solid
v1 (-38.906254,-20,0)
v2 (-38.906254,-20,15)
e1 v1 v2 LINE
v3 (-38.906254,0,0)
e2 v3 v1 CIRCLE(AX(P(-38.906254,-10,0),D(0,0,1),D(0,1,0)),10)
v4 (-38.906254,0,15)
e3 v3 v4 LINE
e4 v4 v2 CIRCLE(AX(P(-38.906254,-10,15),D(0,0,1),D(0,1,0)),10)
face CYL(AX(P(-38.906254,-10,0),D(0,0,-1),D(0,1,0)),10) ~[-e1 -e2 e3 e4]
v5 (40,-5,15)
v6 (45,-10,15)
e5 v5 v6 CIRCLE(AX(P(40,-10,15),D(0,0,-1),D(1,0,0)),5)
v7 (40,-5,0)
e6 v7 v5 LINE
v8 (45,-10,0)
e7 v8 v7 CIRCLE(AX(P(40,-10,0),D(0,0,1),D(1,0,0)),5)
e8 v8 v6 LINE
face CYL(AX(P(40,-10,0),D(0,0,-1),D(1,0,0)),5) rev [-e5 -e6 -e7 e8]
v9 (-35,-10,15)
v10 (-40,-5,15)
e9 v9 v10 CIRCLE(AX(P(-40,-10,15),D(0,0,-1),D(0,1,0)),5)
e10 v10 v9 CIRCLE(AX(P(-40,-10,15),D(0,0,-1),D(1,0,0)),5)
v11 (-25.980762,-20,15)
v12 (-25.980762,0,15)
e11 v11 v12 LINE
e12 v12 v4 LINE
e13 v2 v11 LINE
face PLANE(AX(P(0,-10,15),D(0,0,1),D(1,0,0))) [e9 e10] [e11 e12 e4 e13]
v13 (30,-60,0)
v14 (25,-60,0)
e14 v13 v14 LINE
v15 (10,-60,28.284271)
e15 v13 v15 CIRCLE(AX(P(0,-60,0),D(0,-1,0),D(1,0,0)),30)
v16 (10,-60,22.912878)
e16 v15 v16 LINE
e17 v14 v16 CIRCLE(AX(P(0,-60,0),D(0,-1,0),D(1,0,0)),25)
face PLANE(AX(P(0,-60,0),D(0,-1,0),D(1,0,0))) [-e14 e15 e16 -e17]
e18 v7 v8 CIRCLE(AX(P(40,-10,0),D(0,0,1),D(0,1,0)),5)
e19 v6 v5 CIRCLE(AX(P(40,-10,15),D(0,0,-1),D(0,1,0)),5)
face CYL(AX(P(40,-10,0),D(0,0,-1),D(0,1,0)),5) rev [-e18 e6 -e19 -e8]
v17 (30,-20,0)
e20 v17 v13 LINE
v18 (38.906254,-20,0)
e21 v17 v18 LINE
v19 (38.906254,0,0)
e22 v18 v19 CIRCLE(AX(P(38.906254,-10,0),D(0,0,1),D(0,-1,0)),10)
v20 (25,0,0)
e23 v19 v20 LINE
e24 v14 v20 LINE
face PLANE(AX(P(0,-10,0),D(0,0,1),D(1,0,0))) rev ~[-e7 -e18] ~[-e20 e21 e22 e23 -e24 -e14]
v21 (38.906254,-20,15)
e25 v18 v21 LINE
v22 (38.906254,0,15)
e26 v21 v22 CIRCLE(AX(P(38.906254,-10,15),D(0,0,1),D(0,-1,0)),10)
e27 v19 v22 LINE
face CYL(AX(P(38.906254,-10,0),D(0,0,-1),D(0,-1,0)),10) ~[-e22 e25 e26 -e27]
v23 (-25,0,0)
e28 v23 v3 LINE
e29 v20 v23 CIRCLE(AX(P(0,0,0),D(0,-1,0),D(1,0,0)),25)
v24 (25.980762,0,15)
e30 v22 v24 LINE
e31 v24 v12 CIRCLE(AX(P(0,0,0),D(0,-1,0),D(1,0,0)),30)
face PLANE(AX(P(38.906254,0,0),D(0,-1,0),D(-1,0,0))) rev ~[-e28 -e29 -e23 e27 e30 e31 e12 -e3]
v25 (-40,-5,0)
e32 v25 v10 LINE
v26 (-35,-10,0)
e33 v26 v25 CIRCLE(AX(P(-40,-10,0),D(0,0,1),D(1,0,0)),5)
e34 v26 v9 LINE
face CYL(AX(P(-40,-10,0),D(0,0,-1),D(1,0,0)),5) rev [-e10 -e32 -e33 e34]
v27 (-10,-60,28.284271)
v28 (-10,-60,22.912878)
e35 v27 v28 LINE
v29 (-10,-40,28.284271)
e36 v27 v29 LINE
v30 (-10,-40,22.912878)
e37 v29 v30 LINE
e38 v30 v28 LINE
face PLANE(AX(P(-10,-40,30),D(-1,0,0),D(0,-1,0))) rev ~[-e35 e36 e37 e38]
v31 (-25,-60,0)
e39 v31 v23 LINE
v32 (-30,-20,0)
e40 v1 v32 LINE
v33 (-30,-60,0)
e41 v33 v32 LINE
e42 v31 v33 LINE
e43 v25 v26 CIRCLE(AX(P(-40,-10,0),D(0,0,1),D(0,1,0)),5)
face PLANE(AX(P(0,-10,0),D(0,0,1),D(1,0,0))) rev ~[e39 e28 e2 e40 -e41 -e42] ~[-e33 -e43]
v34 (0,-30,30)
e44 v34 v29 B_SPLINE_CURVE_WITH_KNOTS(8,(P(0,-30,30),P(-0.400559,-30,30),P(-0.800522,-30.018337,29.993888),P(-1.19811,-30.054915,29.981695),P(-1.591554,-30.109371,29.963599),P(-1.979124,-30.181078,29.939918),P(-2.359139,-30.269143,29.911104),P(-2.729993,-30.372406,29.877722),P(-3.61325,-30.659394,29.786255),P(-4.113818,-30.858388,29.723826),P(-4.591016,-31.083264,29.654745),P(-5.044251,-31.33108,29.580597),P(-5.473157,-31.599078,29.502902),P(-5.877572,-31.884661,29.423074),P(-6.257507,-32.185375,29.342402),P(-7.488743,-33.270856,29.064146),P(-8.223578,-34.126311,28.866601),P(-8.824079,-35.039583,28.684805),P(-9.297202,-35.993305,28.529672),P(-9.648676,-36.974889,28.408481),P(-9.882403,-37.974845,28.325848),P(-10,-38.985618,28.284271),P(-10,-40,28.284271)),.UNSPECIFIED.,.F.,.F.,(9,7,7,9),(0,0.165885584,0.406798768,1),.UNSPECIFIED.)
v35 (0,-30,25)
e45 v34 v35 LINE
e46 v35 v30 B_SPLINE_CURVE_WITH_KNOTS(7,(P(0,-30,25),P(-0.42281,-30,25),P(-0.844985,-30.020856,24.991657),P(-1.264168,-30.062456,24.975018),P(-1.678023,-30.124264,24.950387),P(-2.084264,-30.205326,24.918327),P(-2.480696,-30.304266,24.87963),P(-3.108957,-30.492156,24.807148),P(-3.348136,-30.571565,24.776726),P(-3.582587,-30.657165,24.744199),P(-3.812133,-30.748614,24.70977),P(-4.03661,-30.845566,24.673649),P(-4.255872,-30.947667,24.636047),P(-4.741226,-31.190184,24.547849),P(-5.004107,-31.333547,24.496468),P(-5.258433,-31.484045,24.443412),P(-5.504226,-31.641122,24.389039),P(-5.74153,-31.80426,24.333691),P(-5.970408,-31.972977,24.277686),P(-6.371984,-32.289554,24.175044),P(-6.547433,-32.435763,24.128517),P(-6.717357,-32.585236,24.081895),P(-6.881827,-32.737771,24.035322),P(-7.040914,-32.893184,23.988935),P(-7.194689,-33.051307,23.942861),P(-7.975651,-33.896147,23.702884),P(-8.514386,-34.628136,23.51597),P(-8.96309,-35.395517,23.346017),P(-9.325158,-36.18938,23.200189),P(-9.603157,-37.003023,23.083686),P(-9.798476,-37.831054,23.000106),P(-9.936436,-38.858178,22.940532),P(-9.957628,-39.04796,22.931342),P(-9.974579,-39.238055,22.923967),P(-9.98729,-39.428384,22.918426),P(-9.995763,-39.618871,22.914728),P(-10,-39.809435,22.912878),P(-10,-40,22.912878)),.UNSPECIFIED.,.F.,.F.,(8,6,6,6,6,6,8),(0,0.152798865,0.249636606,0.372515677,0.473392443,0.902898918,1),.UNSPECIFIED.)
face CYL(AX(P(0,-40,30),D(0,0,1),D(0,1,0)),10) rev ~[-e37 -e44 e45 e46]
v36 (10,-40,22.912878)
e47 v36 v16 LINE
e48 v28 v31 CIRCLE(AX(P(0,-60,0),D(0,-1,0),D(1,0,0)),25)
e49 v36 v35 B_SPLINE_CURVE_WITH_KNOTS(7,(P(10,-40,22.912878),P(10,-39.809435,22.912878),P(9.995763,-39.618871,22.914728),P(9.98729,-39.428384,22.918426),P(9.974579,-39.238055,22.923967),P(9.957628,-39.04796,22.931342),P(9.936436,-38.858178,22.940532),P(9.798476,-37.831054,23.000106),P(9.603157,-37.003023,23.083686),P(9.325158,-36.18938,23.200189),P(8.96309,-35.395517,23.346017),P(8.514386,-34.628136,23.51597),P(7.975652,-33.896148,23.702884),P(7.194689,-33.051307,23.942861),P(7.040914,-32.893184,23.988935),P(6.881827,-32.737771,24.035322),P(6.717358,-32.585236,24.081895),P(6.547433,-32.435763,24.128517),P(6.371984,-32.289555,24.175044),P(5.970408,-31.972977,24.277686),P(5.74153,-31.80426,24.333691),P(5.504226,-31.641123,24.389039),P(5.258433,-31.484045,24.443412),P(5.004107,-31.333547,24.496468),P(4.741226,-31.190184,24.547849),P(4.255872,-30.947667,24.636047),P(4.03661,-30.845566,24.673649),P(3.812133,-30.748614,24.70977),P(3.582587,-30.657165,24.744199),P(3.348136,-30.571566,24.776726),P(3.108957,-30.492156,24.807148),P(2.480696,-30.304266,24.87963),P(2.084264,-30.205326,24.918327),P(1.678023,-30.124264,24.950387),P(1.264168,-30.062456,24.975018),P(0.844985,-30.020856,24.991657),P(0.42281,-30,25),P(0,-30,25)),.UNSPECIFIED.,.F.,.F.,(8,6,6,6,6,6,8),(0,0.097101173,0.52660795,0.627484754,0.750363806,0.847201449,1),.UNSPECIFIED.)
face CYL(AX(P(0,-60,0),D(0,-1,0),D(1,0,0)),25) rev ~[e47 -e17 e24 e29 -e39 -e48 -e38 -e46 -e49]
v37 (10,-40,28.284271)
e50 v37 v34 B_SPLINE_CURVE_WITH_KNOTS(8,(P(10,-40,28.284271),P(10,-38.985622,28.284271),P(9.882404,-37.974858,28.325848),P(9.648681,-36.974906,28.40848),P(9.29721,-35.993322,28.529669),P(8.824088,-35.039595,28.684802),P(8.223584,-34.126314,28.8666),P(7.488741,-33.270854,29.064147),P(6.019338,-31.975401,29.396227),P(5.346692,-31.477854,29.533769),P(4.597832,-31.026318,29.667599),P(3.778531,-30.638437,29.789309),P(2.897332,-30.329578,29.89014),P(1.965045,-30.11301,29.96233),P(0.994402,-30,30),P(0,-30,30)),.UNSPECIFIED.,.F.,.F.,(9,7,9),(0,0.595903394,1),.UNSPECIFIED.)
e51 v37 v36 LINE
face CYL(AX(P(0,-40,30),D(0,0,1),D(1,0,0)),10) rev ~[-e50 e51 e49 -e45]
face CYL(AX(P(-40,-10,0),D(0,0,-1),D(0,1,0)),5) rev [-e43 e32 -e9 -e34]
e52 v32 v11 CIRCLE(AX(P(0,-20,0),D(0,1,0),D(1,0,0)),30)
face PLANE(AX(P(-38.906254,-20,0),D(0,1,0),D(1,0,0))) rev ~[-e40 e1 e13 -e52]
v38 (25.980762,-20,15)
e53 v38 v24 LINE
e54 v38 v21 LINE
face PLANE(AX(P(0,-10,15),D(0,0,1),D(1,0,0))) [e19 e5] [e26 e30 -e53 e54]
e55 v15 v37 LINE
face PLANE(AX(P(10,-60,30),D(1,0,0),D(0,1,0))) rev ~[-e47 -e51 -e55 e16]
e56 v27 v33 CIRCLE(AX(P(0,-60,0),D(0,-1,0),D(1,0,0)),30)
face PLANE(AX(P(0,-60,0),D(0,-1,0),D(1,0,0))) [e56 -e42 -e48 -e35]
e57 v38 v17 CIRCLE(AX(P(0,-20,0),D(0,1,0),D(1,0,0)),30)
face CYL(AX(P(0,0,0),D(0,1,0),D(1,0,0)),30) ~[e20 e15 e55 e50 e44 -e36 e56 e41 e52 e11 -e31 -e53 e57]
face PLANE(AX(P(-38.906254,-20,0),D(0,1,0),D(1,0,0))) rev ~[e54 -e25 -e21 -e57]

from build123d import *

# Parameters (mm, degrees)
F1_R      = 30
F2_DEPTH  = 60
F4_DEPTH  = 60
F6_DEPTH  = 15
F8_DEPTH  = 60
F10_DEPTH = 30.001
F14_DEPTH = 30.001


with BuildPart() as f2:
    # F1 (on Front) → F2 (new body)
    with BuildSketch(Plane.XZ):
        Circle(F1_R)
    extrude(amount=F2_DEPTH)

    # F3 (on face) → F4 (cut, through all)
    with BuildSketch(Plane.XZ.offset(60)):
        with BuildLine():
            Line((30, 0), (-30, 0))
            ThreePointArc((-30, 0), (0, -30.0890051065), (30, 0))
        make_face()
    extrude(amount=-F4_DEPTH, mode=Mode.SUBTRACT)

    # F5 (on Top) → F6 (join)
    with BuildSketch(Plane.XY):
        with BuildLine():
            ThreePointArc((-38.9062538743, 0), (-48.9062538743, -10), (-38.9062538743, -20))
            Line((-38.9062538743, -20), (38.9062538743, -20))
            ThreePointArc((38.9062538743, -20), (48.9062538743, -10), (38.9062538743, 0))
            Line((38.9062538743, 0), (-38.9062538743, 0))
        make_face()
    extrude(amount=F6_DEPTH)

    # F7 (on face) → F8 (cut, through all)
    with BuildSketch(Plane.XZ.offset(60)):
        with BuildLine():
            Line((-25, 0), (25, 0))
            ThreePointArc((25, 0), (0, 25), (-25, 0))
        make_face()
    extrude(amount=-F8_DEPTH, mode=Mode.SUBTRACT)

    # F9 (on Top) → F10 (cut, through all)
    with BuildSketch(Plane.XY):
        with BuildLine():
            ThreePointArc((-35, -10), (-36.4644660941, -6.4644660941), (-40, -5))
            ThreePointArc((-40, -5), (-43.5355339059, -13.5355339059), (-35, -10))
        make_face()
        with BuildLine():
            ThreePointArc((45, -10), (43.5355339059, -6.4644660941), (40, -5))
            ThreePointArc((40, -5), (36.4644660941, -13.5355339059), (45, -10))
        make_face()
    extrude(amount=F10_DEPTH, mode=Mode.SUBTRACT)

    # F13 (on plane+point) → F14 (cut, through all)
    with BuildSketch(Plane.XY.offset(30)):
        with BuildLine():
            ThreePointArc((10, -40), (7.0710678119, -32.9289321881), (0, -30))
            Line((0, -30), (0, -60))
            Line((0, -60), (10, -60))
            Line((10, -60), (10, -40))
        make_face()
        with BuildLine():
            Line((0, -60), (0, -30))
            ThreePointArc((0, -30), (-7.0710678119, -32.9289321881), (-10, -40))
            Line((-10, -40), (-10, -60))
            Line((-10, -60), (0, -60))
        make_face()
    extrude(amount=-F14_DEPTH, mode=Mode.SUBTRACT)


solid = f2.part
